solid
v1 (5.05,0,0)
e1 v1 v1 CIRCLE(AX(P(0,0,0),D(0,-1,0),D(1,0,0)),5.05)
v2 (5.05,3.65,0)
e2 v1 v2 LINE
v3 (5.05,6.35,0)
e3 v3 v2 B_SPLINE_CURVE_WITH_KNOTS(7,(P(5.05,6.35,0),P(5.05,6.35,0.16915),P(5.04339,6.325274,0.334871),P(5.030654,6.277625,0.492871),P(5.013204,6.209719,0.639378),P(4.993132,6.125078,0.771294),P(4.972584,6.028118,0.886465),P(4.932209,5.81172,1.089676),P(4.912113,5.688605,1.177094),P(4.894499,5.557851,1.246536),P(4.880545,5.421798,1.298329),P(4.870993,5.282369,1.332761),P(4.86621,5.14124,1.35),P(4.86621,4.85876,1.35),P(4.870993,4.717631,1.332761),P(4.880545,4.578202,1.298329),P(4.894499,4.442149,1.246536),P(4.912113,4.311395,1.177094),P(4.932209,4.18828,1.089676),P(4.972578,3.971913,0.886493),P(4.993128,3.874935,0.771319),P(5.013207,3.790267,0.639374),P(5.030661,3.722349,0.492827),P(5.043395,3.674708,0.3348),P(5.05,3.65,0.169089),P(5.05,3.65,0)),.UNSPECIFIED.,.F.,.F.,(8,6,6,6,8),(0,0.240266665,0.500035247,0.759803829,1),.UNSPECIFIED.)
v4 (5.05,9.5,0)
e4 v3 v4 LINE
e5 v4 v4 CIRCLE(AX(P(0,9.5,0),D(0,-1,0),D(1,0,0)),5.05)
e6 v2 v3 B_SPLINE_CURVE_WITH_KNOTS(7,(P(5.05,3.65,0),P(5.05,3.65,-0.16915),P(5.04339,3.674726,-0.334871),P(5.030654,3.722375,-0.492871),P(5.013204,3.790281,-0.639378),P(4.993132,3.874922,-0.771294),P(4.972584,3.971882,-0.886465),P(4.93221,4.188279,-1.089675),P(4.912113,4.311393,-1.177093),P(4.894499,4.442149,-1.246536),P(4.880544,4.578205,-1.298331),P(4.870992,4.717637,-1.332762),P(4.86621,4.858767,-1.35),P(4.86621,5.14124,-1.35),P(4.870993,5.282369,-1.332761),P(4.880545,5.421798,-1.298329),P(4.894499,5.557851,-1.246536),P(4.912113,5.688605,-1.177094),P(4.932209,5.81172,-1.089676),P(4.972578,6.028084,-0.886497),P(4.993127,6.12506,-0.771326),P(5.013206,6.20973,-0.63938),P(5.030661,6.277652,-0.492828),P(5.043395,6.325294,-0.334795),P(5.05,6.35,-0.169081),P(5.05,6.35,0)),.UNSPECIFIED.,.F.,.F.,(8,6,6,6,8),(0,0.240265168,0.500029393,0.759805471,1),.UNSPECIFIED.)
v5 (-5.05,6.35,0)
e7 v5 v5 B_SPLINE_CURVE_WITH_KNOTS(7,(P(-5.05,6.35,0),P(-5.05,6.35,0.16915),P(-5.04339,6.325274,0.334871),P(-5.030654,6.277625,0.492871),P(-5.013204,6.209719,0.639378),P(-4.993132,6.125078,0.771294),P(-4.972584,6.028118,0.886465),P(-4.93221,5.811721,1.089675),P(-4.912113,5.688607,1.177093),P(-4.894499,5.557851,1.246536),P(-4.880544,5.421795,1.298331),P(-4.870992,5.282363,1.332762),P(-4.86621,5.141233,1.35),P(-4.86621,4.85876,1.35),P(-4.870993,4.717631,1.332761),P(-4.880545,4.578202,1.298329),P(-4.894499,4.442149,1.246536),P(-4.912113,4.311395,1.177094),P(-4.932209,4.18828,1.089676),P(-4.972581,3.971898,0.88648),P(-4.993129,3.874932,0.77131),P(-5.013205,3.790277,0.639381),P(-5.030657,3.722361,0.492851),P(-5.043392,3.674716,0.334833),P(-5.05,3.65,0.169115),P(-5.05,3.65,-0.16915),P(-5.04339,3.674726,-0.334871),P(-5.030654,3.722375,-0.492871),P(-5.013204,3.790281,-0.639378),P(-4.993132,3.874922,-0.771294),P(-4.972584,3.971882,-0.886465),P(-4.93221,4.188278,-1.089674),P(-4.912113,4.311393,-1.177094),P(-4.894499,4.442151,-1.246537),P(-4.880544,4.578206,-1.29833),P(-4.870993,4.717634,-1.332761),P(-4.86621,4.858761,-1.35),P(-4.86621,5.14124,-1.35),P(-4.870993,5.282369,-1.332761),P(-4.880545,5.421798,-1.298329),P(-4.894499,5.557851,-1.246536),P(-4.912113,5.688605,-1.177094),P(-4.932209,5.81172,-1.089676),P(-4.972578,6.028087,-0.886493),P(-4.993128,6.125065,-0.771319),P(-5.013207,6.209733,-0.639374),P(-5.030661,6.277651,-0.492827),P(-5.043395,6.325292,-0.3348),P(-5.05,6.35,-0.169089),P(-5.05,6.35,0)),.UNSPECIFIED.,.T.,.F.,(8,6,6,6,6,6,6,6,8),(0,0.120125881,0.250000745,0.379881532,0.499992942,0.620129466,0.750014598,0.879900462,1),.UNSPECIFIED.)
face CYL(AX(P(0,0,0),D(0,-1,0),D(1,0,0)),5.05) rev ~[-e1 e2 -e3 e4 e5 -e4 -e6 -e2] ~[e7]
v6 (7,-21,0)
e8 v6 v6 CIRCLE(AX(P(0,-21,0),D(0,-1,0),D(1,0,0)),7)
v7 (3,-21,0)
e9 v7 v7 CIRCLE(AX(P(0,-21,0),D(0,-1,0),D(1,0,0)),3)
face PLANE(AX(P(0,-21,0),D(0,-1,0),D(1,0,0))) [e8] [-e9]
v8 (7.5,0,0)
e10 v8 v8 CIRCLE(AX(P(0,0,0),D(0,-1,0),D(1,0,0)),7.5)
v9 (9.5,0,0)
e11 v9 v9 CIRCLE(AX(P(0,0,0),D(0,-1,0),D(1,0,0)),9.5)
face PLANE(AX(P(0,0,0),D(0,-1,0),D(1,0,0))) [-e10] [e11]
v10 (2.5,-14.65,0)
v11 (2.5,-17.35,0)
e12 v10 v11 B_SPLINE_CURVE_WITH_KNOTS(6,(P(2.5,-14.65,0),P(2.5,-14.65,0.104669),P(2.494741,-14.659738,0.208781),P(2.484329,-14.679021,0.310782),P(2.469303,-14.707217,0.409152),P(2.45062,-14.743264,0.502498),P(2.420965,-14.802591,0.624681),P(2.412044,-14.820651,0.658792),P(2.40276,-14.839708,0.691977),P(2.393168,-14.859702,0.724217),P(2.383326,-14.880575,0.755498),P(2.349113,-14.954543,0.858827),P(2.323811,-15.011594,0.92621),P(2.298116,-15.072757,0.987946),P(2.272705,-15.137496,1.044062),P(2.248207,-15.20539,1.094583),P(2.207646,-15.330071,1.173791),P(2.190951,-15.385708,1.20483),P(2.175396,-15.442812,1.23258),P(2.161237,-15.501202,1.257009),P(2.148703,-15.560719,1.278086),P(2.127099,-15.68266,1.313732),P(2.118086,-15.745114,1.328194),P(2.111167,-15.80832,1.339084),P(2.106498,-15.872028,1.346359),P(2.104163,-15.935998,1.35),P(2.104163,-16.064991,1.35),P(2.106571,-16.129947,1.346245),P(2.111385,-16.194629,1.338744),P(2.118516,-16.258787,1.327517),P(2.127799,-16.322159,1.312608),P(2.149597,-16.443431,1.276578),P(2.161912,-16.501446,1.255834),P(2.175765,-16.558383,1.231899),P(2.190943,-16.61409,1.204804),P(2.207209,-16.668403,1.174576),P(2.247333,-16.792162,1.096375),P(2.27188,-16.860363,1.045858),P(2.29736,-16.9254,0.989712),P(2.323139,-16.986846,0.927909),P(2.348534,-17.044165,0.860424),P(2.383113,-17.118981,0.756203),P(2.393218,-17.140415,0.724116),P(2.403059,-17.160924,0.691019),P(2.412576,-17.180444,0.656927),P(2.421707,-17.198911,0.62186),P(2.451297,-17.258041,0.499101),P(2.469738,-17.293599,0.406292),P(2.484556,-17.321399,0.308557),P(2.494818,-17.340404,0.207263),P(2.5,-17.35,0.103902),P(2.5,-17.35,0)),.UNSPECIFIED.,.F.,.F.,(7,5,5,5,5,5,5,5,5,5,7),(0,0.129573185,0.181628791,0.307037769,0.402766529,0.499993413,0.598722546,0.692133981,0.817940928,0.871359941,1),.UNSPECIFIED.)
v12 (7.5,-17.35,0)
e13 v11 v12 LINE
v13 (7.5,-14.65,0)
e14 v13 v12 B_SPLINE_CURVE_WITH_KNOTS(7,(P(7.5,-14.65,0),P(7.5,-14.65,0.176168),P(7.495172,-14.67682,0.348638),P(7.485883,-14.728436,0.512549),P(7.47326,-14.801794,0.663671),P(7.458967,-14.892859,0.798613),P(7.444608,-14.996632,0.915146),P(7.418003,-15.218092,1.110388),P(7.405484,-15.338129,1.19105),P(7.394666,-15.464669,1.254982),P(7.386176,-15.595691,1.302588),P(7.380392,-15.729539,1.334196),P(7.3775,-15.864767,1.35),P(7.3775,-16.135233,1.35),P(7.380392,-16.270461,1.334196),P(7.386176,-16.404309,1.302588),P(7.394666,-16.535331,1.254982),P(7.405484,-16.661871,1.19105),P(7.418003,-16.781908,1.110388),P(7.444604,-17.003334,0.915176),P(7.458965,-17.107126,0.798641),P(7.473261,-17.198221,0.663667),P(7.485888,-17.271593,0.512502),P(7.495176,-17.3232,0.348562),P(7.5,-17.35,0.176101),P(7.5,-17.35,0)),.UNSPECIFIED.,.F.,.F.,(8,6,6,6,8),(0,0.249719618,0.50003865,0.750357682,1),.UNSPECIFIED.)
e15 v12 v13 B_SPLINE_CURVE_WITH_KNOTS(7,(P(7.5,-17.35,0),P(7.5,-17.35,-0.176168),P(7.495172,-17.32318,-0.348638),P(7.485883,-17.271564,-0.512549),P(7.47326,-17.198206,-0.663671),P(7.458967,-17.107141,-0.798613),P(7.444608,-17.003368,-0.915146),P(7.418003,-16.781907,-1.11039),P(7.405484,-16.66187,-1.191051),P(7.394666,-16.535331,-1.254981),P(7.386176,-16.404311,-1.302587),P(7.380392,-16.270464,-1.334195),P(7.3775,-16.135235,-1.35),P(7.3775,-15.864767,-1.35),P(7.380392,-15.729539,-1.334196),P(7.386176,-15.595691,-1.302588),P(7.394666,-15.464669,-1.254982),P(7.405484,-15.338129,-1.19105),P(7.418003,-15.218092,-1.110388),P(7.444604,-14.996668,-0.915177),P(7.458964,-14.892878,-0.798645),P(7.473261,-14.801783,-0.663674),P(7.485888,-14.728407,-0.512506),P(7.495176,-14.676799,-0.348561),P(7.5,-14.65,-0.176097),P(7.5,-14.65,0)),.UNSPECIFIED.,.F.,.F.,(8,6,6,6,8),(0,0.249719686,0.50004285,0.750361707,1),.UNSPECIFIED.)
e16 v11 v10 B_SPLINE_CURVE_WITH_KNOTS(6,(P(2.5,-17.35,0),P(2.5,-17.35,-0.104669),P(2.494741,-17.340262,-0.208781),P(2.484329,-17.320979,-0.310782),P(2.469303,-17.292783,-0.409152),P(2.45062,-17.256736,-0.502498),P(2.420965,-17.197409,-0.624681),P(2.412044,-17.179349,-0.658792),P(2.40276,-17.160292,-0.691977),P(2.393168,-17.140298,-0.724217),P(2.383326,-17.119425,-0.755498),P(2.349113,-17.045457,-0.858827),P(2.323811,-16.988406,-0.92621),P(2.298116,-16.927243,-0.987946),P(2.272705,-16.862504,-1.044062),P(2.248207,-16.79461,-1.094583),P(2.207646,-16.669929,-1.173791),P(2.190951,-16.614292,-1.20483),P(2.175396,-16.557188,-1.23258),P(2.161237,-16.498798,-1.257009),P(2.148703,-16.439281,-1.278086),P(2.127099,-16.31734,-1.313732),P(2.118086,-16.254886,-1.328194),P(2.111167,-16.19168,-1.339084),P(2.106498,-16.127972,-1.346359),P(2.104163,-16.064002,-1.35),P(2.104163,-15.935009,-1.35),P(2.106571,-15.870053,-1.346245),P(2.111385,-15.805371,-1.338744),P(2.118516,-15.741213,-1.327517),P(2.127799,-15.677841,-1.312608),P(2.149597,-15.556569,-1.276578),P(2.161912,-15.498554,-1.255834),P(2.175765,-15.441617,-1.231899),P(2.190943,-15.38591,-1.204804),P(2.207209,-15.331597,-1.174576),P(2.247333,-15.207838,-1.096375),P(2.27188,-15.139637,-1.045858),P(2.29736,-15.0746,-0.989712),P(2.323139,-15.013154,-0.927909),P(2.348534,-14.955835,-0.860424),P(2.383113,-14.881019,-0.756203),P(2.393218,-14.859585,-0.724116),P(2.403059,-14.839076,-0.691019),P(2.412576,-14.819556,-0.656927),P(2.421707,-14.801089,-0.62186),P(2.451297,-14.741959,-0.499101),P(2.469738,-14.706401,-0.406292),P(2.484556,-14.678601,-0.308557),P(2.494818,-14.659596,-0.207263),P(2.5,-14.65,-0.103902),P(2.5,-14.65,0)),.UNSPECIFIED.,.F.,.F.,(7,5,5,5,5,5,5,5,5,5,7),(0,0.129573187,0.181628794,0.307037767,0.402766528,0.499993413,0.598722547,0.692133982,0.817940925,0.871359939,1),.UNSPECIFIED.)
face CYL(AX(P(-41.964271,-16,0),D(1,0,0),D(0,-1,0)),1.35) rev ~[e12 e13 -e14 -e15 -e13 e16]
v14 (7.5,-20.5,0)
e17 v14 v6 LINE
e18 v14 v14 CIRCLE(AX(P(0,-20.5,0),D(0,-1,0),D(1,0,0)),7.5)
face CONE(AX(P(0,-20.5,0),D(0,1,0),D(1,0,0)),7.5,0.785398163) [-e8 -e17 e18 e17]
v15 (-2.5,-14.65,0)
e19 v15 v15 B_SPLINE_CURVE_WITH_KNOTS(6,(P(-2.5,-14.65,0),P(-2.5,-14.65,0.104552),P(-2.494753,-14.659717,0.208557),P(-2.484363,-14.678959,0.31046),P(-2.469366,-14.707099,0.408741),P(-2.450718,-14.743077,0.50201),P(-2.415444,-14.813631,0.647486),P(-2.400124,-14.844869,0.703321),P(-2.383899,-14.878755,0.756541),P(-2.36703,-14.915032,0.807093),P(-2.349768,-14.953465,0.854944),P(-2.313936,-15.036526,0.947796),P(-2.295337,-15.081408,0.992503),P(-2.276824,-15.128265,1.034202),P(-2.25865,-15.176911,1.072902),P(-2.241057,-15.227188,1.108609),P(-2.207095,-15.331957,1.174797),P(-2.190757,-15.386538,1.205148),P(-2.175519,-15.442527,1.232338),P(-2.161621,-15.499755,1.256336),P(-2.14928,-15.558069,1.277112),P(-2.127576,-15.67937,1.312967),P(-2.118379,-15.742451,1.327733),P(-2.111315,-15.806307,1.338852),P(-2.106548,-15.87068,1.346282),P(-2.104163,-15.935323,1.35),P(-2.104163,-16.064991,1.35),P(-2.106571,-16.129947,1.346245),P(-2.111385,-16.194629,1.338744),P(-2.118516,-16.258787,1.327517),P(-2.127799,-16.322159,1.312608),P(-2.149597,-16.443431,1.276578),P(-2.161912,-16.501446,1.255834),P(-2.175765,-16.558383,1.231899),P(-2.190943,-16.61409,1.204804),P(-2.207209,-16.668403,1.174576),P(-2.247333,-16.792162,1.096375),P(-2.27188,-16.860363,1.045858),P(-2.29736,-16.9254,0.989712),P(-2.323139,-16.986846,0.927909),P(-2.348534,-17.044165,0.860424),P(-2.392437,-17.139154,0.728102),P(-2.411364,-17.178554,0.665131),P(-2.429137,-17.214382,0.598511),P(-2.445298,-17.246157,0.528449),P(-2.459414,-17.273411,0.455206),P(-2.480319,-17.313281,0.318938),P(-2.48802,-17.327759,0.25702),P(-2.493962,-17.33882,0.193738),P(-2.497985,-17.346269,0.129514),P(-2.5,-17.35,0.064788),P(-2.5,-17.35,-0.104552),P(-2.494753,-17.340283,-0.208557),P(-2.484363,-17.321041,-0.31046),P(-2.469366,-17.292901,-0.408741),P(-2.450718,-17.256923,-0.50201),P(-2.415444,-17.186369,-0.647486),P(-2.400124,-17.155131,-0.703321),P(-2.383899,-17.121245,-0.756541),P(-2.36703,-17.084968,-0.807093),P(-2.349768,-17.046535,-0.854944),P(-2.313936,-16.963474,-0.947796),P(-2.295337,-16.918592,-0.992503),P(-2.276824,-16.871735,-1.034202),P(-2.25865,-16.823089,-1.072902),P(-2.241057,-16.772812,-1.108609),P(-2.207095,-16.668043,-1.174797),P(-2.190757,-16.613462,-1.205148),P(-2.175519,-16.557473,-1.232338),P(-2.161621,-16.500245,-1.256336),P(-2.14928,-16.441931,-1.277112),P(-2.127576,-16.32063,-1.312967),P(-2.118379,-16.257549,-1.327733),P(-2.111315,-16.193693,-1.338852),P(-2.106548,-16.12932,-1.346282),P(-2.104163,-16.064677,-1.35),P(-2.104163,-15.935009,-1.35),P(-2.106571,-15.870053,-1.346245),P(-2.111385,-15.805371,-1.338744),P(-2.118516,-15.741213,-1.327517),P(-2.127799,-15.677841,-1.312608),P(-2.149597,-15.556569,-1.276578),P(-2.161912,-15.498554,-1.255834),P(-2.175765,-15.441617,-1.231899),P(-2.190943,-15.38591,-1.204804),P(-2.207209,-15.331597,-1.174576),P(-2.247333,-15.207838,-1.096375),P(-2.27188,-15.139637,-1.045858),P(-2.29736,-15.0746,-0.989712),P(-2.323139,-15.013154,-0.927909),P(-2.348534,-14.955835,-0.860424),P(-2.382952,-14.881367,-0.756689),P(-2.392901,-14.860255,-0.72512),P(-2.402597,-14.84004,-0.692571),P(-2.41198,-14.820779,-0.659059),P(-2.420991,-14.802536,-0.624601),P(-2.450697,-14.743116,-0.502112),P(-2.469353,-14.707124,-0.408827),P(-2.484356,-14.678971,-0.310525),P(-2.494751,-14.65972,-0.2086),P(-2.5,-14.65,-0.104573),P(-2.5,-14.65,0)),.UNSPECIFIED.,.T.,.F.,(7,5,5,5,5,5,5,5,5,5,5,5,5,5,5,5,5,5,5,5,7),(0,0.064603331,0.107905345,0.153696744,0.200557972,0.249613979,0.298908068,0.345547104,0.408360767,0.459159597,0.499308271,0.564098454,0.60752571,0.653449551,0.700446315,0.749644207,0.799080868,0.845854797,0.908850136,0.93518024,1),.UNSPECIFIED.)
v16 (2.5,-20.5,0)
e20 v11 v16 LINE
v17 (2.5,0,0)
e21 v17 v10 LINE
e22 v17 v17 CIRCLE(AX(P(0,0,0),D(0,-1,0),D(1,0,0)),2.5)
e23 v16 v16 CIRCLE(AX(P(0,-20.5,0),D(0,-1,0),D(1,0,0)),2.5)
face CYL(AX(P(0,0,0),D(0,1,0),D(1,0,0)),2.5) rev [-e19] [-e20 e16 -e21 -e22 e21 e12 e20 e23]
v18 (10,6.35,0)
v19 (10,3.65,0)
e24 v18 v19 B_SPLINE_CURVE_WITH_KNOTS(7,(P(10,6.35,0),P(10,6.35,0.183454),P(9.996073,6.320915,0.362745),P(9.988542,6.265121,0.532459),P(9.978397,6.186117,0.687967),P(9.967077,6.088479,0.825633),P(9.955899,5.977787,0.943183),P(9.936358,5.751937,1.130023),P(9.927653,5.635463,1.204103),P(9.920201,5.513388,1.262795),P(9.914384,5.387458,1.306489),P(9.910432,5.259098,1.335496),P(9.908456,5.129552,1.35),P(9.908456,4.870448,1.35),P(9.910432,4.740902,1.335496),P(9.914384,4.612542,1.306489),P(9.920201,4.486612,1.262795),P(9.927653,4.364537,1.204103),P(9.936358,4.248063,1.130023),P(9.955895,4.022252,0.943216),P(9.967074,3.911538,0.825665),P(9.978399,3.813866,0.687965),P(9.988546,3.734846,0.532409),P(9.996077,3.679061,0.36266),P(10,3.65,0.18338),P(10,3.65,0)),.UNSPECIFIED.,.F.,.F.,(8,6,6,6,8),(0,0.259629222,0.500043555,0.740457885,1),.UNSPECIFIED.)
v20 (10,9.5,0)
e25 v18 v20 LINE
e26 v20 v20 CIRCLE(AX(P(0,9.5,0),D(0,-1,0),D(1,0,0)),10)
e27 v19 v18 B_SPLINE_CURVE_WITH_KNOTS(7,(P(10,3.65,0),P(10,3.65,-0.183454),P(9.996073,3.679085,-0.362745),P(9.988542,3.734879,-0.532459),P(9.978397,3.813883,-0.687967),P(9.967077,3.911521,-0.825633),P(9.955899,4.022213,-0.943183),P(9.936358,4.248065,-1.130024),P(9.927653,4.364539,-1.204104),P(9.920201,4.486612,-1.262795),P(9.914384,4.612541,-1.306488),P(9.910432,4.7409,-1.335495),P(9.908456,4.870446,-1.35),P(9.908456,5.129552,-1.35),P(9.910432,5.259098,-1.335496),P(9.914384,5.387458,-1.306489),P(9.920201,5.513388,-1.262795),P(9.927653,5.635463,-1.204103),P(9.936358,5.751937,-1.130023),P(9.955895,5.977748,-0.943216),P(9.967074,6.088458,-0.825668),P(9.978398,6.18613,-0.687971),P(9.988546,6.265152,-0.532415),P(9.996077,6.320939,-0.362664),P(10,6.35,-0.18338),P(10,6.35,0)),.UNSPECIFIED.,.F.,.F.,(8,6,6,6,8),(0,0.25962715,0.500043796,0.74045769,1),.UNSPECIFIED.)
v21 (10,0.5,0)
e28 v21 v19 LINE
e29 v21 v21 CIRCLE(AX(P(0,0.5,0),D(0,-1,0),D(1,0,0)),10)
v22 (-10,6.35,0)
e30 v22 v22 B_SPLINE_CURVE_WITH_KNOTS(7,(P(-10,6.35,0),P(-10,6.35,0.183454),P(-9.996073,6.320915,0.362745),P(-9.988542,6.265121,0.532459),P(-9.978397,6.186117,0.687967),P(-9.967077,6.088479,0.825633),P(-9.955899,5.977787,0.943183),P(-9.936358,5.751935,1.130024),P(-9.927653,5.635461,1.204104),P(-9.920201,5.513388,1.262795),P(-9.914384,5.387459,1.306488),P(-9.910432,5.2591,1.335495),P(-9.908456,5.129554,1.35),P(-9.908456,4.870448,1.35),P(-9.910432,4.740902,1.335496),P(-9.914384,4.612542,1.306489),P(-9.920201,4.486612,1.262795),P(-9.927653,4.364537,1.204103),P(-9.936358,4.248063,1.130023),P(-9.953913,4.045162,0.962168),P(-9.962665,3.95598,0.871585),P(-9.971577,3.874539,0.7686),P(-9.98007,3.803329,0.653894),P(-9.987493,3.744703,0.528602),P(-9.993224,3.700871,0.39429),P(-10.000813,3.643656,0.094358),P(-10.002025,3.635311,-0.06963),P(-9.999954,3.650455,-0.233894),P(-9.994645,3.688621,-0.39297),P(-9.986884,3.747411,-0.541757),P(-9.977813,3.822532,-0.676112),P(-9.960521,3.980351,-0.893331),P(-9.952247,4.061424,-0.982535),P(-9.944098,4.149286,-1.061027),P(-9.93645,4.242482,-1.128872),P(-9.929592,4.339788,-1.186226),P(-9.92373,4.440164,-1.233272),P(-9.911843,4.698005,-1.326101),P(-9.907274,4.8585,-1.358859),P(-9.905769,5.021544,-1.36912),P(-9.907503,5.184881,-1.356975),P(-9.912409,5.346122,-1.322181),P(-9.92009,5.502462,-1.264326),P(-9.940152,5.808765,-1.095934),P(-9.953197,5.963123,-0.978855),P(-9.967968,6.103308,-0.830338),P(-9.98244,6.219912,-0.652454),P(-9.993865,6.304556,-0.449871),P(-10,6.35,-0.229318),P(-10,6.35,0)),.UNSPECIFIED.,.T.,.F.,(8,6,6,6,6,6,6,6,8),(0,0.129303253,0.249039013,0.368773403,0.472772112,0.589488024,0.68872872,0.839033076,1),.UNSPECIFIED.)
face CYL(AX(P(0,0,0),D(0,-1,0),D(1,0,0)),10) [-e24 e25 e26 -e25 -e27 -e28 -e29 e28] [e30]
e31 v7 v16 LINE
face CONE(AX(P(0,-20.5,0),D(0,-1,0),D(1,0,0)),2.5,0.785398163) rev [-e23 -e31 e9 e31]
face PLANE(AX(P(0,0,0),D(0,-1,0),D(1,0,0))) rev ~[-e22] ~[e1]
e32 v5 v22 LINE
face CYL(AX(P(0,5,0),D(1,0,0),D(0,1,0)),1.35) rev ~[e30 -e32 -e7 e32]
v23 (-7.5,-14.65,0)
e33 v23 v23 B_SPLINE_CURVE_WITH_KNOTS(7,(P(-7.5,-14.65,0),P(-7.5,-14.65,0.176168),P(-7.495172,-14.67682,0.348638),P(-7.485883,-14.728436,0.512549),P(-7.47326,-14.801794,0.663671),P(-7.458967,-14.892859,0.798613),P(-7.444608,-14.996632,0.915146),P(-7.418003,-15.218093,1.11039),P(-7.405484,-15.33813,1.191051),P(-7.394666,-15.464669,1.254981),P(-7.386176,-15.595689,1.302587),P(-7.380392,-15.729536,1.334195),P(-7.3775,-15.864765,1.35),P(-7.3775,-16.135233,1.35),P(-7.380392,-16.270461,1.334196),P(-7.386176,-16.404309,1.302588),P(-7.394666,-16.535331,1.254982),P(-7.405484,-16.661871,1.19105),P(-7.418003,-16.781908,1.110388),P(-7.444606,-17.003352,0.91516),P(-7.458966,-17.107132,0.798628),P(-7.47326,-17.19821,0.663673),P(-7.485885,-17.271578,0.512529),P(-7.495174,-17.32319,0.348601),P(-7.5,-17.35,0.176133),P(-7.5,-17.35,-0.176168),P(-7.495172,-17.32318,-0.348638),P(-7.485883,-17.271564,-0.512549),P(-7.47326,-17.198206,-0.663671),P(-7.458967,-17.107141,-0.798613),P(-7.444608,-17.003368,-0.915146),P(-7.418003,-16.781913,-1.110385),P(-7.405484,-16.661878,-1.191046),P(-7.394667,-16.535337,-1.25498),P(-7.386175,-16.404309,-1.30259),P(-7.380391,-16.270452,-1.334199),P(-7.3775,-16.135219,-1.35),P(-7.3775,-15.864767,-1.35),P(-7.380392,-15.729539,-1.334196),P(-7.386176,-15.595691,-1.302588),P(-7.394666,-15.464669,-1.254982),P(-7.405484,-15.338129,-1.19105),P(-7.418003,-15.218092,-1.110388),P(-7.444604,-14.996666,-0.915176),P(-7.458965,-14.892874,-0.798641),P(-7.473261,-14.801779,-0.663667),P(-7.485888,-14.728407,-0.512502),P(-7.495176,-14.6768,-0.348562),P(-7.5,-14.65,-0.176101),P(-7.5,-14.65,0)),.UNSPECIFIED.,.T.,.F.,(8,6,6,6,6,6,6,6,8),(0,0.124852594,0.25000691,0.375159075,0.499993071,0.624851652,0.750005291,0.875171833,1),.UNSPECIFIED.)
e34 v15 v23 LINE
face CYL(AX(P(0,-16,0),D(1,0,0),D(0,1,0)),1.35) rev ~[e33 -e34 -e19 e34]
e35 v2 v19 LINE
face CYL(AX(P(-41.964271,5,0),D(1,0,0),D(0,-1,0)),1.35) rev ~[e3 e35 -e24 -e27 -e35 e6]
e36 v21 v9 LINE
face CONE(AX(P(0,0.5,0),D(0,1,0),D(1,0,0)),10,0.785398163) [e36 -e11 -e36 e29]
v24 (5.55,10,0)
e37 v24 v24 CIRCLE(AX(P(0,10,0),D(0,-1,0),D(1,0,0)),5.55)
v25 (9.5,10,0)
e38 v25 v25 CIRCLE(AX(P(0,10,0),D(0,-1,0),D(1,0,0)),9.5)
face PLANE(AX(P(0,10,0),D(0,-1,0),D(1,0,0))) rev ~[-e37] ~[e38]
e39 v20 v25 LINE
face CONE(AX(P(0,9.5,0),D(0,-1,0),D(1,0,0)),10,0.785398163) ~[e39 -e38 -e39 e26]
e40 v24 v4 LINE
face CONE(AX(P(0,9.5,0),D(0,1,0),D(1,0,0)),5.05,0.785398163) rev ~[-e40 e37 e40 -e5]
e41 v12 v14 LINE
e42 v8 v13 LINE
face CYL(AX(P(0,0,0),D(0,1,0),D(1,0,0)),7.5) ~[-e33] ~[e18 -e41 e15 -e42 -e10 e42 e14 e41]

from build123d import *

# Parameters (mm, degrees)
F0_R     = 7.5
F0_R_2   = 2.5
F1_DEPTH = 21
F2_R     = 10
F2_R_2   = 5.05
F3_DEPTH = 10
F5_D     = 2.7
F5_DEPTH = 10.001
F6_SIZE  = 0.5
F7_D     = 2.7


with BuildPart() as f1:
    # F0 (on Front) → F1 (new body)
    with BuildSketch(Plane.XZ):
        Circle(F0_R)
        Circle(F0_R_2, mode=Mode.SUBTRACT)
    extrude(amount=F1_DEPTH)

    # F2 (on Front) → F3 (join)
    with BuildSketch(Plane.XZ):
        Circle(F2_R)
        Circle(F2_R_2, mode=Mode.SUBTRACT)
    extrude(amount=-F3_DEPTH)

    # F5 (through all, one way)
    with BuildSketch(Plane.YZ):
        with Locations((5, 0), (-16, 0)):
            Circle(F5_D / 2)
    extrude(amount=-F5_DEPTH, mode=Mode.SUBTRACT)

    # F6
    f6_edges = [f1.edges().sort_by_distance(p)[0] for p in [
        (-10, 10, 0),
        (-5.05, 10, 0),
        (-10, 0, 0),
        (-7.5, -21, 0),
        (-2.5, -21, 0),
    ]]
    chamfer(f6_edges, length=F6_SIZE)

    # F7 (through all)
    with Locations(Plane(origin=(0, 0, 0), x_dir=(0, 1, 0), z_dir=(-1, 0, 0))):
        with Locations((5, 0), (-16, 0)):
            Hole(F7_D / 2)


solid = f1.part
